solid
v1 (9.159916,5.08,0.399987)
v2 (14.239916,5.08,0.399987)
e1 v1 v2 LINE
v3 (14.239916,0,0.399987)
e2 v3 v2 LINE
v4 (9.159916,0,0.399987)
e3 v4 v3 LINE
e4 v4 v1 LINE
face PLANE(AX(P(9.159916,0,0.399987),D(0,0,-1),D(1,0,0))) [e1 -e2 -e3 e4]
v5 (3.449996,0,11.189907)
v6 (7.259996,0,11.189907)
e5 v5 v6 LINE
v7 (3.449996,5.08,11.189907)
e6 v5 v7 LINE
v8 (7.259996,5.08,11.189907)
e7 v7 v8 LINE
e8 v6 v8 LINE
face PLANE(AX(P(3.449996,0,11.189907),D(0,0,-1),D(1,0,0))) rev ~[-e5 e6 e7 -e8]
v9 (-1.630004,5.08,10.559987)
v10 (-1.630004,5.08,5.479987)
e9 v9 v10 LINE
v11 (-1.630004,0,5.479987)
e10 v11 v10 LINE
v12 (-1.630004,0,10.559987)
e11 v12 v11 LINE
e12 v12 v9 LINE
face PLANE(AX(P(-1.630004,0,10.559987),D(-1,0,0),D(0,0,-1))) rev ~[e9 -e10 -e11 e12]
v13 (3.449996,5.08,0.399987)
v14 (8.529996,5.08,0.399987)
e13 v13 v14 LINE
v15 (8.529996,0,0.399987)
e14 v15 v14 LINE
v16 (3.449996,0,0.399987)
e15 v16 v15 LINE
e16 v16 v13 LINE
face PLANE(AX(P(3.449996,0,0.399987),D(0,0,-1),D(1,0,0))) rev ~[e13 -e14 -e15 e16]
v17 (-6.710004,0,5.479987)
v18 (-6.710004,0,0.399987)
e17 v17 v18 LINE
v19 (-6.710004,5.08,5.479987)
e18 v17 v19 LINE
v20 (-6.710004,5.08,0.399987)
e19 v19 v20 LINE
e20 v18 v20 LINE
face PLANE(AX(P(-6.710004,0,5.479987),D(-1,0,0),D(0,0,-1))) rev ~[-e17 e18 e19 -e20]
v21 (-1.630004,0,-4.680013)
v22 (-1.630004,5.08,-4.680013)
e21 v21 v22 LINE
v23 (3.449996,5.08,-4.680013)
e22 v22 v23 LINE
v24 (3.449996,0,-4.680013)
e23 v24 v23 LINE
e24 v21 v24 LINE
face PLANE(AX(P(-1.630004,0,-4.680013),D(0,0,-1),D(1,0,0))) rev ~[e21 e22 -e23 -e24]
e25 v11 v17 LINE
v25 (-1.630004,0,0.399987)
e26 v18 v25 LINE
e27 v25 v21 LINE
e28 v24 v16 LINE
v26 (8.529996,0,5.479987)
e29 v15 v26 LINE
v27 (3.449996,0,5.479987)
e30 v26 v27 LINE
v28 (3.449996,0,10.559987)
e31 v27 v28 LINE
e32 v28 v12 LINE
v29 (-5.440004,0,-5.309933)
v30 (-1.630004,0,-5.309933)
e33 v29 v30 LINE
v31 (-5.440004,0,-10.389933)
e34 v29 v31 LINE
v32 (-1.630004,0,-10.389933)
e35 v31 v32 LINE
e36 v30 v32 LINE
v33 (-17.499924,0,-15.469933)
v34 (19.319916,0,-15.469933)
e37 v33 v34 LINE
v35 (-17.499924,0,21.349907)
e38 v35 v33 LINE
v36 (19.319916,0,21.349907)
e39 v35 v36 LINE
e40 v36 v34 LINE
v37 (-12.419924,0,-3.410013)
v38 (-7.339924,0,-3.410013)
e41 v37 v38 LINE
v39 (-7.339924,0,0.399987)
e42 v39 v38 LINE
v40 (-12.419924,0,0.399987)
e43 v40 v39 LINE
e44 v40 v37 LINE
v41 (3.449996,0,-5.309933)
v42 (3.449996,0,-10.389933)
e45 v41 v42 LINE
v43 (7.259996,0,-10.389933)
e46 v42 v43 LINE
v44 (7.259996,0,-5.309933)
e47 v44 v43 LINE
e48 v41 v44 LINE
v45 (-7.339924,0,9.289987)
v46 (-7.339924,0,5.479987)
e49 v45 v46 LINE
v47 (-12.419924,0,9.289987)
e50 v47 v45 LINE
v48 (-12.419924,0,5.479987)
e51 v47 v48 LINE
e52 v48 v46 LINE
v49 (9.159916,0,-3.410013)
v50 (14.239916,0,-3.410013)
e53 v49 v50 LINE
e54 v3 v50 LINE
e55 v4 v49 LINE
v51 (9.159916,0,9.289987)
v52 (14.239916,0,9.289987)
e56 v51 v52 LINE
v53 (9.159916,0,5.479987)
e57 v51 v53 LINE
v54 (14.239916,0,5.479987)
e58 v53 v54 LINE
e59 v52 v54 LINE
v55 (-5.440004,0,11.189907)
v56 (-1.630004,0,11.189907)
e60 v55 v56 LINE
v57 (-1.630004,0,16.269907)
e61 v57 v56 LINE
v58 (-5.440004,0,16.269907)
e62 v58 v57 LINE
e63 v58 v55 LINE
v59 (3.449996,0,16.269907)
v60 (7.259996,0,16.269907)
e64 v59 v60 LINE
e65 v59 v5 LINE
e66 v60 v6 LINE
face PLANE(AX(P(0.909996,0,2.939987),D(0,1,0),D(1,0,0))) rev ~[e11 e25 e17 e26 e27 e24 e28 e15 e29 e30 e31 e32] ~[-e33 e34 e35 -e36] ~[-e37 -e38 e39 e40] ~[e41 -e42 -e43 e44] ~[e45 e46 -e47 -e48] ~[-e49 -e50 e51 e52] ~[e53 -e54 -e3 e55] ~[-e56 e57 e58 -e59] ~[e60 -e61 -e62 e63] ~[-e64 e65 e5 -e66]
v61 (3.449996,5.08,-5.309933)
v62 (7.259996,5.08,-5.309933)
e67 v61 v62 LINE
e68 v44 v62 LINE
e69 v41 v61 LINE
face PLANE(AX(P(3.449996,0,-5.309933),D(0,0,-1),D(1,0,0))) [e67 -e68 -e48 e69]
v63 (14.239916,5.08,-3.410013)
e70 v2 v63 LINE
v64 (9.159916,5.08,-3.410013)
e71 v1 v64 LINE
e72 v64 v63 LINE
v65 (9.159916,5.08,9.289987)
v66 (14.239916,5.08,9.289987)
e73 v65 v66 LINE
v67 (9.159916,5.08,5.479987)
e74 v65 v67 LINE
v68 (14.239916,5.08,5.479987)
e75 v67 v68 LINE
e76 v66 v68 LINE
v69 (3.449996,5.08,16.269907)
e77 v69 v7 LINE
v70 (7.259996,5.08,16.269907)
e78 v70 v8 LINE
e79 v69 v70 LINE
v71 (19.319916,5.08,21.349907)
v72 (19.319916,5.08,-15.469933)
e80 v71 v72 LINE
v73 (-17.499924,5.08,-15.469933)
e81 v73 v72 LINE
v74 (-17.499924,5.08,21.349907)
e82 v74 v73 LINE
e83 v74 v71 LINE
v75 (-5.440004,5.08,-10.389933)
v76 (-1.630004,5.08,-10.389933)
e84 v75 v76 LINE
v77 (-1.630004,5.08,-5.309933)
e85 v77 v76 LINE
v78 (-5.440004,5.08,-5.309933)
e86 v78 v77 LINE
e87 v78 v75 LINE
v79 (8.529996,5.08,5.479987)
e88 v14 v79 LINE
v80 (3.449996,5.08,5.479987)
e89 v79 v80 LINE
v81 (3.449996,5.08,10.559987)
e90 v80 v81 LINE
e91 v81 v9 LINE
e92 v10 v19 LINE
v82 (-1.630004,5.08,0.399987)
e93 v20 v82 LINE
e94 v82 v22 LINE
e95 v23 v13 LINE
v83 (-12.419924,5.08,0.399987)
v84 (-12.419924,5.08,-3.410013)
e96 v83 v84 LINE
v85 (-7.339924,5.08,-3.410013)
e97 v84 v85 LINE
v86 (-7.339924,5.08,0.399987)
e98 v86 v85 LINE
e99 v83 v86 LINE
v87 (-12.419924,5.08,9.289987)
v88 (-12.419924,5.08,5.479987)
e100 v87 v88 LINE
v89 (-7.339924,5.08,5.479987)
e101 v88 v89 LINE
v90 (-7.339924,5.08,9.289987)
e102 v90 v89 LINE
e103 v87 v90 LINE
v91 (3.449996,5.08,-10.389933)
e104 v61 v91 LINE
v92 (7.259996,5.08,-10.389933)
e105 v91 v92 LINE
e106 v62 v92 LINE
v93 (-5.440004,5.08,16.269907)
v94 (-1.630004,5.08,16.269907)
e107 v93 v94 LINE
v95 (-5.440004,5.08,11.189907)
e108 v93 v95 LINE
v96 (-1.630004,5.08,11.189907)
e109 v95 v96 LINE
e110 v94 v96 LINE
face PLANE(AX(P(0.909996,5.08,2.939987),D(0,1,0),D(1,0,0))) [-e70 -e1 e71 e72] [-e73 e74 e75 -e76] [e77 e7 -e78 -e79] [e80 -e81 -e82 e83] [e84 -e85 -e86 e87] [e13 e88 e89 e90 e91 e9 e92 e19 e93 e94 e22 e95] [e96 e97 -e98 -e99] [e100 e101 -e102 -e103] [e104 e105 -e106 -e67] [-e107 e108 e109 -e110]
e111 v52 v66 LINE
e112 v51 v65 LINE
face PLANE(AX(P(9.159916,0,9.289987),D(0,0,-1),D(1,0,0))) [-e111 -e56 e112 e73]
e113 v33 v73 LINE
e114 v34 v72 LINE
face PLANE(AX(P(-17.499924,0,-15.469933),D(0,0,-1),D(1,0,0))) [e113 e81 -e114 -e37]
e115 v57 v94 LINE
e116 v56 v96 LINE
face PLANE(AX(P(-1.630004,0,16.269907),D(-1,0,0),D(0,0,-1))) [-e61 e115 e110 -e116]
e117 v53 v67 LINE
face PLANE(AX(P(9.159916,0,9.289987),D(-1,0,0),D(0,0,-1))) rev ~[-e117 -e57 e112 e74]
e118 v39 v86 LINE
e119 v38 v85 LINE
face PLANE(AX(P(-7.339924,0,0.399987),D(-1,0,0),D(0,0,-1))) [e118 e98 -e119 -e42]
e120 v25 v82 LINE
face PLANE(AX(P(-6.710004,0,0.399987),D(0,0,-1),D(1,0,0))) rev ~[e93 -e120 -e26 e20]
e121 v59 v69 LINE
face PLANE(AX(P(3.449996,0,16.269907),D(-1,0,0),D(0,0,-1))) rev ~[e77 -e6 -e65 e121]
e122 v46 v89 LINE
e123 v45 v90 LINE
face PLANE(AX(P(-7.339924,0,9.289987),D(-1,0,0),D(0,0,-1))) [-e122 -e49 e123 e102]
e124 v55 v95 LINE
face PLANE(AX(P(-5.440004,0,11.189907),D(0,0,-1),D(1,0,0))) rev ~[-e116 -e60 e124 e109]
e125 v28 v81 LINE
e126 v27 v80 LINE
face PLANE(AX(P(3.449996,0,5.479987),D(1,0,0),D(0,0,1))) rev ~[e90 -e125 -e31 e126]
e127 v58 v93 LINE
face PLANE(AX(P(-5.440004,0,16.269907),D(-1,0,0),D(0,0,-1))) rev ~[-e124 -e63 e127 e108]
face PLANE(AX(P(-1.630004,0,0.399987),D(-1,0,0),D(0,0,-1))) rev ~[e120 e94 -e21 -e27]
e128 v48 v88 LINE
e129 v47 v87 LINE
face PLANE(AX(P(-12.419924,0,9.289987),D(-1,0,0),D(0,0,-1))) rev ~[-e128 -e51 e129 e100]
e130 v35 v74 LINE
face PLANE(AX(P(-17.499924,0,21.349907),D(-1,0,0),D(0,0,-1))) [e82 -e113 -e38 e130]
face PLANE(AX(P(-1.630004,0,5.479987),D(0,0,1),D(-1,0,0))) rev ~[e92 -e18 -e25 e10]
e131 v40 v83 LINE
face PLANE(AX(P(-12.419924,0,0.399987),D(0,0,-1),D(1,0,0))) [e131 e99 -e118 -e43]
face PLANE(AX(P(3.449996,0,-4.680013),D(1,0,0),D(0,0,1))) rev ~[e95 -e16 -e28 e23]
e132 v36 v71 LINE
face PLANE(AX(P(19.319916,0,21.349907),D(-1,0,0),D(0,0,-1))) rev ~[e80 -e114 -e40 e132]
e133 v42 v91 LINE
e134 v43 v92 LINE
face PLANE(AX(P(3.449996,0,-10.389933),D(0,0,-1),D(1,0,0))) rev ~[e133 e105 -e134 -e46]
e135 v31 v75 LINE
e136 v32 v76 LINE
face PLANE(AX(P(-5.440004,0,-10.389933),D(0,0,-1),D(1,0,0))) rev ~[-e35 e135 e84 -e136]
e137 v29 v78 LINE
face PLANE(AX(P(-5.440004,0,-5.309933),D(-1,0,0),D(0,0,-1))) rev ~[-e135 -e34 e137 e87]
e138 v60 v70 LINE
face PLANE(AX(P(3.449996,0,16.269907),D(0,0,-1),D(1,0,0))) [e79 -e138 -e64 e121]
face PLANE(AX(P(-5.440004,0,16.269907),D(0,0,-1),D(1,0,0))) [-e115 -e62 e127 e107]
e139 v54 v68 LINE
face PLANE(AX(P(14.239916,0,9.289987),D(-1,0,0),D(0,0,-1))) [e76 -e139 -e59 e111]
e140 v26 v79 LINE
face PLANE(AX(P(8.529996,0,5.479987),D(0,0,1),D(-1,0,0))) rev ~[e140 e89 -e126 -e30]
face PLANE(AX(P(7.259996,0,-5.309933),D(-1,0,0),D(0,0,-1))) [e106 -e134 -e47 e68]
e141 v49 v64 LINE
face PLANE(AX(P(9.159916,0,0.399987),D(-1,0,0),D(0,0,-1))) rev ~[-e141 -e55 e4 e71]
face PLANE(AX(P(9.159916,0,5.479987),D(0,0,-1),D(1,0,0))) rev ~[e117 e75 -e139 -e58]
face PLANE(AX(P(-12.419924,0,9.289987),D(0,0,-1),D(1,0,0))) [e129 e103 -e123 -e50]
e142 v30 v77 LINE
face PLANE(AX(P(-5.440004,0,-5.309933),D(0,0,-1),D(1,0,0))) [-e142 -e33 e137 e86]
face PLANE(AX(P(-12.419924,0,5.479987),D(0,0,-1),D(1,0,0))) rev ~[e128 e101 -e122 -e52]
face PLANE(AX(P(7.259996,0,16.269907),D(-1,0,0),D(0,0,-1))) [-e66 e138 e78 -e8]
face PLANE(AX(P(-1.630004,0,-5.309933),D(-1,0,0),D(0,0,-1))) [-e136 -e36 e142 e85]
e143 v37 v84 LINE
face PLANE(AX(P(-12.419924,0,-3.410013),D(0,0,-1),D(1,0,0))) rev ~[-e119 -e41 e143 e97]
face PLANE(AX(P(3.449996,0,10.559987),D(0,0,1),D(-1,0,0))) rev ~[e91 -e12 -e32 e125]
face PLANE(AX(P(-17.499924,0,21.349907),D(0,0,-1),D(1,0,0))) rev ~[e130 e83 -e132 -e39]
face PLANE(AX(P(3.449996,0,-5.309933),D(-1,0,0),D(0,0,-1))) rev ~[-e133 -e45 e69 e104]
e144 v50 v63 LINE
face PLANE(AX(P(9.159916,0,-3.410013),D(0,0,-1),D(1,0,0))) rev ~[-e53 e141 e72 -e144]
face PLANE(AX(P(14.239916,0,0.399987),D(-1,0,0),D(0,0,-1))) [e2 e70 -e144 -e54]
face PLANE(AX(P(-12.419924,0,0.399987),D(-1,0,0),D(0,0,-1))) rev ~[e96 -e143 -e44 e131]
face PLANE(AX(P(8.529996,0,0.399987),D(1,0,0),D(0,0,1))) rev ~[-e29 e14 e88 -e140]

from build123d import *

# Parameters (mm, degrees)
SKETCH1_W           = 36.81984
SKETCH1_H           = 36.81984
SKETCH1_W_2         = 3.81
SKETCH1_H_2         = 5.08
SKETCH1_W_3         = 5.08
SKETCH1_H_3         = 3.81
BOSS_EXTRUDE1_DEPTH = 5.08


with BuildPart() as part:
    # Sketch1 → Boss-Extrude1 (new body)
    with BuildSketch(Plane(origin=(0, 0, 0), x_dir=(1, 0, 0), z_dir=(0, 1, 0))):
        with Locations((0.909996046, -2.939987224)):
            Rectangle(SKETCH1_W, SKETCH1_H)
        Polygon((0.909996046, 4.680012776), (3.449996046, 4.680012776), (3.449996046, -0.399987224), (8.529996046, -0.399987224), (8.529996046, -2.939987224), (8.529996046, -5.479987224), (3.449996046, -5.479987224), (3.449996046, -10.559987224), (0.909996046, -10.559987224), (-1.630003954, -10.559987224), (-1.630003954, -5.479987224), (-6.710003954, -5.479987224), (-6.710003954, -2.939987224), (-6.710003954, -0.399987224), (-1.630003954, -0.399987224), (-1.630003954, 4.680012776), align=None, mode=Mode.SUBTRACT)
        with Locations((5.354996046, 7.849932776)):
            Rectangle(SKETCH1_W_2, SKETCH1_H_2, mode=Mode.SUBTRACT)
        with Locations((-3.535003954, 7.849932776)):
            Rectangle(SKETCH1_W_2, SKETCH1_H_2, mode=Mode.SUBTRACT)
        with Locations((11.699916046, -7.384987224)):
            Rectangle(SKETCH1_W_3, SKETCH1_H_3, mode=Mode.SUBTRACT)
        with Locations((11.699916046, 1.505012776)):
            Rectangle(SKETCH1_W_3, SKETCH1_H_3, mode=Mode.SUBTRACT)
        with Locations((-3.535003954, -13.729907224)):
            Rectangle(SKETCH1_W_2, SKETCH1_H_2, mode=Mode.SUBTRACT)
        with Locations((5.354996046, -13.729907224)):
            Rectangle(SKETCH1_W_2, SKETCH1_H_2, mode=Mode.SUBTRACT)
        with Locations((-9.879923954, 1.505012776)):
            Rectangle(SKETCH1_W_3, SKETCH1_H_3, mode=Mode.SUBTRACT)
        with Locations((-9.879923954, -7.384987224)):
            Rectangle(SKETCH1_W_3, SKETCH1_H_3, mode=Mode.SUBTRACT)
    extrude(amount=BOSS_EXTRUDE1_DEPTH)


solid = part.part
